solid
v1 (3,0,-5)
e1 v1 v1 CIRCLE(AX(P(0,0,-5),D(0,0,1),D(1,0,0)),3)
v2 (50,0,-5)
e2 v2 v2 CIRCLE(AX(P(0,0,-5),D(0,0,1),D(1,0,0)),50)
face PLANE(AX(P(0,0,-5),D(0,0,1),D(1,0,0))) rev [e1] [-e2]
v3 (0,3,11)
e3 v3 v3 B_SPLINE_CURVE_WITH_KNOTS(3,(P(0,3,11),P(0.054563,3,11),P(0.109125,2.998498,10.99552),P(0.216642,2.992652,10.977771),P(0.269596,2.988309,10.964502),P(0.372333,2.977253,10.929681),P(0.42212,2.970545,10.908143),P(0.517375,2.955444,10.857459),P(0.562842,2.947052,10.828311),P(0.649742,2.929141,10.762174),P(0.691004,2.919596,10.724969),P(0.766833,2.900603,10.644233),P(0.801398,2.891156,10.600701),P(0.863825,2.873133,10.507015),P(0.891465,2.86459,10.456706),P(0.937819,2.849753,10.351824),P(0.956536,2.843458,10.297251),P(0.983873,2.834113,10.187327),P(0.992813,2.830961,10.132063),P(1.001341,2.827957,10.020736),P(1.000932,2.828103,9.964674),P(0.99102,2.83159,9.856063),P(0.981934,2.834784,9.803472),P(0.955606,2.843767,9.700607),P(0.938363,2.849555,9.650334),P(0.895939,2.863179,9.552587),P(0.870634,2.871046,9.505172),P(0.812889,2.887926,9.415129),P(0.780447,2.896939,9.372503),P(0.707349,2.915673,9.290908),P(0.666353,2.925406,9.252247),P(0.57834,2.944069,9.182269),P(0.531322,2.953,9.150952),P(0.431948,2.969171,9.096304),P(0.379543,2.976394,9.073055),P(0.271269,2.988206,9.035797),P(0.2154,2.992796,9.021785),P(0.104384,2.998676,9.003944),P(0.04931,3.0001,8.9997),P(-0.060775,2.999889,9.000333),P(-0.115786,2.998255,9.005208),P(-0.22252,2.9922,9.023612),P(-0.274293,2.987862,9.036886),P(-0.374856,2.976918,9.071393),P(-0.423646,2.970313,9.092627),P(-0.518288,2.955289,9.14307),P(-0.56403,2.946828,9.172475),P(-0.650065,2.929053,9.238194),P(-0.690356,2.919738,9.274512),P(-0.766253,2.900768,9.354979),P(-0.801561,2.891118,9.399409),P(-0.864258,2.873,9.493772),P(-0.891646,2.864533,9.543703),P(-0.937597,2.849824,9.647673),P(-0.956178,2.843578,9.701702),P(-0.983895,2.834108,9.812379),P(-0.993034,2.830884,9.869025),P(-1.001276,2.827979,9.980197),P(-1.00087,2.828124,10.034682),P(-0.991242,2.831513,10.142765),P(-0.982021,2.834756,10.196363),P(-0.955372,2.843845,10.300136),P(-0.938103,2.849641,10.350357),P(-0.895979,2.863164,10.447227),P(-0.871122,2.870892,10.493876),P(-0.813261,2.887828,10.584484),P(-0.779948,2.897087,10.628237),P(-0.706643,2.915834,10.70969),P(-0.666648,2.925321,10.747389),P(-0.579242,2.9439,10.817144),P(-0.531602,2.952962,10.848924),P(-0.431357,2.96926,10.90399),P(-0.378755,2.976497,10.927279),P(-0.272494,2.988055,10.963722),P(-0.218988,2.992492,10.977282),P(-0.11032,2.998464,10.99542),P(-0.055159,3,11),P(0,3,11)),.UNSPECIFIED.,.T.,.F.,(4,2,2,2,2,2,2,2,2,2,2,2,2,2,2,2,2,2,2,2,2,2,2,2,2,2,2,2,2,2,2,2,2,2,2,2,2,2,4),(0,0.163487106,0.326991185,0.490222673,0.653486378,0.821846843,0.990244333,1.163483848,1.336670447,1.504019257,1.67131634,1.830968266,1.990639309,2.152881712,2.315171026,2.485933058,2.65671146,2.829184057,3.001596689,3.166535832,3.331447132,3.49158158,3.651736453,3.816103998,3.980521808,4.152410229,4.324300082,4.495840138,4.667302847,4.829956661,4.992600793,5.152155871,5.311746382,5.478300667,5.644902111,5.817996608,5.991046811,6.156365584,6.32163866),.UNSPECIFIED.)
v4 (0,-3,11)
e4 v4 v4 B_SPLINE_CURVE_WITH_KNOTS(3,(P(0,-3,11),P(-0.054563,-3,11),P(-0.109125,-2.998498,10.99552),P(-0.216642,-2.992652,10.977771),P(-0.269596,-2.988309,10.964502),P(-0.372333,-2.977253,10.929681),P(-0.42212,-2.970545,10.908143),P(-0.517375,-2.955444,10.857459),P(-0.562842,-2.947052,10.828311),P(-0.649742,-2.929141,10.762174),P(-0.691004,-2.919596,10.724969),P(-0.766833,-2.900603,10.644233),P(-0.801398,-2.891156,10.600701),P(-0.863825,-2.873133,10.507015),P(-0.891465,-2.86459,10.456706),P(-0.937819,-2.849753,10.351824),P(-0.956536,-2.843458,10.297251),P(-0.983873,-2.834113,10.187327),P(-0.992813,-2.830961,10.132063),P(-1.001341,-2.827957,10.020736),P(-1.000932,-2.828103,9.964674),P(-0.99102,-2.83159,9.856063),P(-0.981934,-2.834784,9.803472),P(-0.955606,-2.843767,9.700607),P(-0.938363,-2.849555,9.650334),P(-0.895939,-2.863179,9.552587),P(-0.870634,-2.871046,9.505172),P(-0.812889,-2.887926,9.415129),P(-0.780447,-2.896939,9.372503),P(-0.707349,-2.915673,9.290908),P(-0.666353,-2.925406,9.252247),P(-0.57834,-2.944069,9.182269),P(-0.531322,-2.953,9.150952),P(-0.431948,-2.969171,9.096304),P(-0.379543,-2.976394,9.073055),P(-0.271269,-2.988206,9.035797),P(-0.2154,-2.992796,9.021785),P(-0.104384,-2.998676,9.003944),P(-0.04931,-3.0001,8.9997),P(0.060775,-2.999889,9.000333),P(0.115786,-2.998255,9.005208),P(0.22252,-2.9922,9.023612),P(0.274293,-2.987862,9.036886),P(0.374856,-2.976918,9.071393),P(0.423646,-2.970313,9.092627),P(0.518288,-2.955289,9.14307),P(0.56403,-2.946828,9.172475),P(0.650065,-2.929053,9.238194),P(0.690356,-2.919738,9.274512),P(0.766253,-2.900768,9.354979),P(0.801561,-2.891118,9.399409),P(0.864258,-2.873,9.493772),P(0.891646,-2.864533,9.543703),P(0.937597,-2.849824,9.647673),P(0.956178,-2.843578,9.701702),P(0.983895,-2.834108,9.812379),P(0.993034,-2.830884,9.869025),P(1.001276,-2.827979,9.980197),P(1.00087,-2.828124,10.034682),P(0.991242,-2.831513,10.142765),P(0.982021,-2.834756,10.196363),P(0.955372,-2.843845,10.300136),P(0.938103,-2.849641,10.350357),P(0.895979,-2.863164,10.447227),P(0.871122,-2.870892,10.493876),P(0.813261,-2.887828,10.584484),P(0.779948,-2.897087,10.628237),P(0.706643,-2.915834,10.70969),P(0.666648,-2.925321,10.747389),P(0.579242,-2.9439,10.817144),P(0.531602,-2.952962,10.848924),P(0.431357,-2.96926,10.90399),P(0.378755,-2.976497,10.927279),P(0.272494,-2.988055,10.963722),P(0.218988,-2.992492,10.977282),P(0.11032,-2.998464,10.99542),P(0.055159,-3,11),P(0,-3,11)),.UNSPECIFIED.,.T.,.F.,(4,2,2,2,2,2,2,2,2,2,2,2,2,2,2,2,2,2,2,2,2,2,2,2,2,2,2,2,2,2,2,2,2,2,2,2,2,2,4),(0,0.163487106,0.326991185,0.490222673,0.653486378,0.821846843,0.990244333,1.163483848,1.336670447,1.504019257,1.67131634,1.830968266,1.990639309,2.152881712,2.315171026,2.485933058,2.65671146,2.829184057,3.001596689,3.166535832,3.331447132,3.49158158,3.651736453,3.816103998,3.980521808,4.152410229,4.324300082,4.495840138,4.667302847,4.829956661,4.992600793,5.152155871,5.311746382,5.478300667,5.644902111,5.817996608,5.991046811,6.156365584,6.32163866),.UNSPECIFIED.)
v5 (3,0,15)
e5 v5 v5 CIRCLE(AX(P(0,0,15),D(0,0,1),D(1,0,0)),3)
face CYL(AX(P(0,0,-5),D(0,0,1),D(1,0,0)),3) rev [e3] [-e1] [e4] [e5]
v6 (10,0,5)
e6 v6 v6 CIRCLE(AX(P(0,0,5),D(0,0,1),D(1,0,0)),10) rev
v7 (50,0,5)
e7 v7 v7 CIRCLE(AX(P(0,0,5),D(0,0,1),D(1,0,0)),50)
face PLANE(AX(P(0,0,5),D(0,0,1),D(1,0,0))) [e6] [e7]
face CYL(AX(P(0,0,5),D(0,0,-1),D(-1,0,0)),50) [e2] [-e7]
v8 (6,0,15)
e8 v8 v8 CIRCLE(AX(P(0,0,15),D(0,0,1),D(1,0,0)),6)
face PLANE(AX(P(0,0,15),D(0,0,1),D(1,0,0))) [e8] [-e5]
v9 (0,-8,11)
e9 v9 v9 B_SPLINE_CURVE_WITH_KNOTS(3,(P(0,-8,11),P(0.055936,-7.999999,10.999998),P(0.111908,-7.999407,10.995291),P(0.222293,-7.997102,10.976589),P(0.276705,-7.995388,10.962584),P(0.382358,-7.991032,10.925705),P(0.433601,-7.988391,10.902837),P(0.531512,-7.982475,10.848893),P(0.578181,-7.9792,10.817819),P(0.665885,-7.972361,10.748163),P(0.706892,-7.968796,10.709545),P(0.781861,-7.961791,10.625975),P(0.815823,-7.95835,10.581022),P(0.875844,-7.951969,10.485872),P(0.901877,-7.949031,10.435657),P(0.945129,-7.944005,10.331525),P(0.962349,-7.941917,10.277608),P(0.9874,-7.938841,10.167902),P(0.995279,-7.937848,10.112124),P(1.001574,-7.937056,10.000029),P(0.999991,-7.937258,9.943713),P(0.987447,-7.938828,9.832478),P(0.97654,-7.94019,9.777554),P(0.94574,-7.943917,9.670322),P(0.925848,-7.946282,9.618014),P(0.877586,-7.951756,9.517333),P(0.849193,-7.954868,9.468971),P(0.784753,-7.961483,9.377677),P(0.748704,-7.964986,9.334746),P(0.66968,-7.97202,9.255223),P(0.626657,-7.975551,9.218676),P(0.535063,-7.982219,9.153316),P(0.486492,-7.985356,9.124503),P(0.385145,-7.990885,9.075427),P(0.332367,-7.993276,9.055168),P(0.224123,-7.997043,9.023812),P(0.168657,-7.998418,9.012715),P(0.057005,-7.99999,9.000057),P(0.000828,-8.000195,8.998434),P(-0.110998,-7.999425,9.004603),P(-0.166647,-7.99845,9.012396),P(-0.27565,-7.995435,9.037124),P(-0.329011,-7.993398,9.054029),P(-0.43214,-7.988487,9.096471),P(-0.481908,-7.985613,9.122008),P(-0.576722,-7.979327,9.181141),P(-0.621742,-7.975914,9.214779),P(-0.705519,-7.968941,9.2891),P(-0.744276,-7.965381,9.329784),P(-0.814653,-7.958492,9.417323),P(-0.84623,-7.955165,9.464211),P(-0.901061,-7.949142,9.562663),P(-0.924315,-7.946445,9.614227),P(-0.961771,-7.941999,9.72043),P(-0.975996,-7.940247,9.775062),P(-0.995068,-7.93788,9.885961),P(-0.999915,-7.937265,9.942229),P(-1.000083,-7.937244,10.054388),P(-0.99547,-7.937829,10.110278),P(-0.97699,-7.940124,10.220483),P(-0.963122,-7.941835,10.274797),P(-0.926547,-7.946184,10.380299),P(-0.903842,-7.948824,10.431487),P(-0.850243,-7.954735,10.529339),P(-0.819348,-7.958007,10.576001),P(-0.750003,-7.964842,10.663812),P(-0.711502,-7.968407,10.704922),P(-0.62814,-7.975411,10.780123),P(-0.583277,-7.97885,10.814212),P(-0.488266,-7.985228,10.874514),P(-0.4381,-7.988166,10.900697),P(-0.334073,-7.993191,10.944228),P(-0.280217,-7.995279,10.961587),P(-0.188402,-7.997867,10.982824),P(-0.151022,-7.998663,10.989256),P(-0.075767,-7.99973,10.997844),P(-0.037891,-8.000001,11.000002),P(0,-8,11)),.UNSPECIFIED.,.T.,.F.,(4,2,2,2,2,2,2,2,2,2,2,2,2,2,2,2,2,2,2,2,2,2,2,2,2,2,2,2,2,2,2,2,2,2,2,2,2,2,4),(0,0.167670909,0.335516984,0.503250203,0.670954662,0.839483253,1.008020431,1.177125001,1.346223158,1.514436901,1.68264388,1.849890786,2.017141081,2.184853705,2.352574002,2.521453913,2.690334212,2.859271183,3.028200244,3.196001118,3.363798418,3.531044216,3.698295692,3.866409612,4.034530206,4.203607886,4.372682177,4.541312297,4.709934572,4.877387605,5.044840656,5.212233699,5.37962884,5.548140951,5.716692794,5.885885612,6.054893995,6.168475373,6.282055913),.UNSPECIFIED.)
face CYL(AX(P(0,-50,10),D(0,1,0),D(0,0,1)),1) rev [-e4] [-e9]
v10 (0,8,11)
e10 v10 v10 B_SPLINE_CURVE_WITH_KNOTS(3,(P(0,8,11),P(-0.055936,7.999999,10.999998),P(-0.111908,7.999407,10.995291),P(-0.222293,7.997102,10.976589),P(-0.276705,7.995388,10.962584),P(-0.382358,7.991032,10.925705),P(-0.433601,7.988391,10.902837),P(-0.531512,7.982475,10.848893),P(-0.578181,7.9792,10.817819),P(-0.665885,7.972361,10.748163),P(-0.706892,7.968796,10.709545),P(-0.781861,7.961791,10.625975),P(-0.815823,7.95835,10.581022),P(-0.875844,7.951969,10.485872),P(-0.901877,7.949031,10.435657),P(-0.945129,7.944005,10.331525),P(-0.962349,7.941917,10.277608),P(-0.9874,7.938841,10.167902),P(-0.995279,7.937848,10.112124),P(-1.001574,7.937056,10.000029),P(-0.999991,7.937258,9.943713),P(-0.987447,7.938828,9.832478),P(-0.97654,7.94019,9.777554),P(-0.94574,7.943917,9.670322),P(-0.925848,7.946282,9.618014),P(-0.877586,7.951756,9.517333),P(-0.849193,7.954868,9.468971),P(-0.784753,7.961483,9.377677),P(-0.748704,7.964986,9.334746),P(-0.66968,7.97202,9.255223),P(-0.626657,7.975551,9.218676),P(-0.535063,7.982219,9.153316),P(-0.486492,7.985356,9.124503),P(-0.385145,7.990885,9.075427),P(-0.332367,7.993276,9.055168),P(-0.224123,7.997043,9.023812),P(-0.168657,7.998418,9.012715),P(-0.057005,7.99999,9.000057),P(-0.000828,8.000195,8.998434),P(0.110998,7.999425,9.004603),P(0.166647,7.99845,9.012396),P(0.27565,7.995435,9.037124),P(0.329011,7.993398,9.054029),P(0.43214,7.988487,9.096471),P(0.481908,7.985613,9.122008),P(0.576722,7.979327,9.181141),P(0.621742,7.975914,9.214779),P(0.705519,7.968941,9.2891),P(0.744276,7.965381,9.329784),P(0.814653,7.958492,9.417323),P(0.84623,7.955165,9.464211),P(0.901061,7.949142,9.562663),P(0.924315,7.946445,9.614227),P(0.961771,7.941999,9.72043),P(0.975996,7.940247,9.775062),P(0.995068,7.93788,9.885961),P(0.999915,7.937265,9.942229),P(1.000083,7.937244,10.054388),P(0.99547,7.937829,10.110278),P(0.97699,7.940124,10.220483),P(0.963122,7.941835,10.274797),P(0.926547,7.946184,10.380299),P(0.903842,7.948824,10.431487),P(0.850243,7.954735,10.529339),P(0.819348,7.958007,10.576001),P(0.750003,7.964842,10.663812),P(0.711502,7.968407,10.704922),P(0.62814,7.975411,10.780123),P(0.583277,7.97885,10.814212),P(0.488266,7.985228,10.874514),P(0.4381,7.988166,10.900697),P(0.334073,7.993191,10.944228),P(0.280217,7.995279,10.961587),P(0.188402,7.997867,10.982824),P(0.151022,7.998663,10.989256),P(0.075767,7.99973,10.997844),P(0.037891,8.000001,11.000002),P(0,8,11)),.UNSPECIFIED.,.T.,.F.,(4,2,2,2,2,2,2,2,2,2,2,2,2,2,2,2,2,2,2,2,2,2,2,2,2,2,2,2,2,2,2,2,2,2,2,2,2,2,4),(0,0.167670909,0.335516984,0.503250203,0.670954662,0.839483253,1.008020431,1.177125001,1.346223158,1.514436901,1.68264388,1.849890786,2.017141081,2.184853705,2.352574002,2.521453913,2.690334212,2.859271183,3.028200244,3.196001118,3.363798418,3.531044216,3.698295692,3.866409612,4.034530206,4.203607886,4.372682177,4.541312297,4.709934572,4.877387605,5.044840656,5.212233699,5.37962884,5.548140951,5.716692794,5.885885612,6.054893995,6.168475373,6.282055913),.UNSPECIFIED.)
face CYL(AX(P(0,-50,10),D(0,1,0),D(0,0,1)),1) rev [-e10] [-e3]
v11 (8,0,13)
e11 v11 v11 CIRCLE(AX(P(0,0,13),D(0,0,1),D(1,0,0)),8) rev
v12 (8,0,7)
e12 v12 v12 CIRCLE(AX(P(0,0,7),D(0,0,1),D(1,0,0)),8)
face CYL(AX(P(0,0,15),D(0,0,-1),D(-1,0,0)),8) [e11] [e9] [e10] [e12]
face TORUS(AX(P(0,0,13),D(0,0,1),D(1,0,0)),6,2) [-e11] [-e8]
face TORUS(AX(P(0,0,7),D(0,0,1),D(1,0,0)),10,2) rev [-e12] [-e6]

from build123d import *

# Parameters (mm, degrees)
SKETCH1_R               = 50
BOSS_EXTRUDE1_DEPTH     = 5
SKETCH2_R               = 8
BOSS_EXTRUDE2_DEPTH     = 10
SKETCH3_R               = 3
CUT_EXTRUDE1_DEPTH      = 74.484692283
FILLET1_R               = 2
CUT_EXTRUDE2_DEPTH      = 73.284161474
CUT_EXTRUDE2_DEPTH_BACK = 73.284161474
SKETCH4_R               = 1


with BuildPart() as part:
    # Sketch1 → Boss-Extrude1 (new, symmetric)
    with BuildSketch(Plane.XY):
        Circle(SKETCH1_R)
    extrude(amount=BOSS_EXTRUDE1_DEPTH, both=True)

    # Sketch2 → Boss-Extrude2 (add)
    with BuildSketch(Plane.XY.offset(5)):
        Circle(SKETCH2_R)
    extrude(amount=BOSS_EXTRUDE2_DEPTH)

    # Sketch3 → Cut-Extrude1 (cut, through all)
    with BuildSketch(Plane.XY.offset(15)):
        Circle(SKETCH3_R)
    extrude(amount=-CUT_EXTRUDE1_DEPTH, mode=Mode.SUBTRACT)

    # Fillet1
    fillet1_edges = [part.edges().sort_by_distance(p)[0] for p in [
        (-8, 0, 5),
        (-8, 0, 15),
    ]]
    fillet(fillet1_edges, radius=FILLET1_R)

    # Sketch4 → Cut-Extrude2 (cut, two sides: drawn at the far end of the back side and taken through both)
    with BuildSketch(Plane(origin=(0, 0, 0), x_dir=(1, 0, 0), z_dir=(0, 1, 0)).offset(-CUT_EXTRUDE2_DEPTH_BACK)):
        with Locations(Location((0, -10, 0), (0, 0, 270))):
            Circle(SKETCH4_R)
    extrude(amount=CUT_EXTRUDE2_DEPTH + CUT_EXTRUDE2_DEPTH_BACK, mode=Mode.SUBTRACT)


solid = part.part
